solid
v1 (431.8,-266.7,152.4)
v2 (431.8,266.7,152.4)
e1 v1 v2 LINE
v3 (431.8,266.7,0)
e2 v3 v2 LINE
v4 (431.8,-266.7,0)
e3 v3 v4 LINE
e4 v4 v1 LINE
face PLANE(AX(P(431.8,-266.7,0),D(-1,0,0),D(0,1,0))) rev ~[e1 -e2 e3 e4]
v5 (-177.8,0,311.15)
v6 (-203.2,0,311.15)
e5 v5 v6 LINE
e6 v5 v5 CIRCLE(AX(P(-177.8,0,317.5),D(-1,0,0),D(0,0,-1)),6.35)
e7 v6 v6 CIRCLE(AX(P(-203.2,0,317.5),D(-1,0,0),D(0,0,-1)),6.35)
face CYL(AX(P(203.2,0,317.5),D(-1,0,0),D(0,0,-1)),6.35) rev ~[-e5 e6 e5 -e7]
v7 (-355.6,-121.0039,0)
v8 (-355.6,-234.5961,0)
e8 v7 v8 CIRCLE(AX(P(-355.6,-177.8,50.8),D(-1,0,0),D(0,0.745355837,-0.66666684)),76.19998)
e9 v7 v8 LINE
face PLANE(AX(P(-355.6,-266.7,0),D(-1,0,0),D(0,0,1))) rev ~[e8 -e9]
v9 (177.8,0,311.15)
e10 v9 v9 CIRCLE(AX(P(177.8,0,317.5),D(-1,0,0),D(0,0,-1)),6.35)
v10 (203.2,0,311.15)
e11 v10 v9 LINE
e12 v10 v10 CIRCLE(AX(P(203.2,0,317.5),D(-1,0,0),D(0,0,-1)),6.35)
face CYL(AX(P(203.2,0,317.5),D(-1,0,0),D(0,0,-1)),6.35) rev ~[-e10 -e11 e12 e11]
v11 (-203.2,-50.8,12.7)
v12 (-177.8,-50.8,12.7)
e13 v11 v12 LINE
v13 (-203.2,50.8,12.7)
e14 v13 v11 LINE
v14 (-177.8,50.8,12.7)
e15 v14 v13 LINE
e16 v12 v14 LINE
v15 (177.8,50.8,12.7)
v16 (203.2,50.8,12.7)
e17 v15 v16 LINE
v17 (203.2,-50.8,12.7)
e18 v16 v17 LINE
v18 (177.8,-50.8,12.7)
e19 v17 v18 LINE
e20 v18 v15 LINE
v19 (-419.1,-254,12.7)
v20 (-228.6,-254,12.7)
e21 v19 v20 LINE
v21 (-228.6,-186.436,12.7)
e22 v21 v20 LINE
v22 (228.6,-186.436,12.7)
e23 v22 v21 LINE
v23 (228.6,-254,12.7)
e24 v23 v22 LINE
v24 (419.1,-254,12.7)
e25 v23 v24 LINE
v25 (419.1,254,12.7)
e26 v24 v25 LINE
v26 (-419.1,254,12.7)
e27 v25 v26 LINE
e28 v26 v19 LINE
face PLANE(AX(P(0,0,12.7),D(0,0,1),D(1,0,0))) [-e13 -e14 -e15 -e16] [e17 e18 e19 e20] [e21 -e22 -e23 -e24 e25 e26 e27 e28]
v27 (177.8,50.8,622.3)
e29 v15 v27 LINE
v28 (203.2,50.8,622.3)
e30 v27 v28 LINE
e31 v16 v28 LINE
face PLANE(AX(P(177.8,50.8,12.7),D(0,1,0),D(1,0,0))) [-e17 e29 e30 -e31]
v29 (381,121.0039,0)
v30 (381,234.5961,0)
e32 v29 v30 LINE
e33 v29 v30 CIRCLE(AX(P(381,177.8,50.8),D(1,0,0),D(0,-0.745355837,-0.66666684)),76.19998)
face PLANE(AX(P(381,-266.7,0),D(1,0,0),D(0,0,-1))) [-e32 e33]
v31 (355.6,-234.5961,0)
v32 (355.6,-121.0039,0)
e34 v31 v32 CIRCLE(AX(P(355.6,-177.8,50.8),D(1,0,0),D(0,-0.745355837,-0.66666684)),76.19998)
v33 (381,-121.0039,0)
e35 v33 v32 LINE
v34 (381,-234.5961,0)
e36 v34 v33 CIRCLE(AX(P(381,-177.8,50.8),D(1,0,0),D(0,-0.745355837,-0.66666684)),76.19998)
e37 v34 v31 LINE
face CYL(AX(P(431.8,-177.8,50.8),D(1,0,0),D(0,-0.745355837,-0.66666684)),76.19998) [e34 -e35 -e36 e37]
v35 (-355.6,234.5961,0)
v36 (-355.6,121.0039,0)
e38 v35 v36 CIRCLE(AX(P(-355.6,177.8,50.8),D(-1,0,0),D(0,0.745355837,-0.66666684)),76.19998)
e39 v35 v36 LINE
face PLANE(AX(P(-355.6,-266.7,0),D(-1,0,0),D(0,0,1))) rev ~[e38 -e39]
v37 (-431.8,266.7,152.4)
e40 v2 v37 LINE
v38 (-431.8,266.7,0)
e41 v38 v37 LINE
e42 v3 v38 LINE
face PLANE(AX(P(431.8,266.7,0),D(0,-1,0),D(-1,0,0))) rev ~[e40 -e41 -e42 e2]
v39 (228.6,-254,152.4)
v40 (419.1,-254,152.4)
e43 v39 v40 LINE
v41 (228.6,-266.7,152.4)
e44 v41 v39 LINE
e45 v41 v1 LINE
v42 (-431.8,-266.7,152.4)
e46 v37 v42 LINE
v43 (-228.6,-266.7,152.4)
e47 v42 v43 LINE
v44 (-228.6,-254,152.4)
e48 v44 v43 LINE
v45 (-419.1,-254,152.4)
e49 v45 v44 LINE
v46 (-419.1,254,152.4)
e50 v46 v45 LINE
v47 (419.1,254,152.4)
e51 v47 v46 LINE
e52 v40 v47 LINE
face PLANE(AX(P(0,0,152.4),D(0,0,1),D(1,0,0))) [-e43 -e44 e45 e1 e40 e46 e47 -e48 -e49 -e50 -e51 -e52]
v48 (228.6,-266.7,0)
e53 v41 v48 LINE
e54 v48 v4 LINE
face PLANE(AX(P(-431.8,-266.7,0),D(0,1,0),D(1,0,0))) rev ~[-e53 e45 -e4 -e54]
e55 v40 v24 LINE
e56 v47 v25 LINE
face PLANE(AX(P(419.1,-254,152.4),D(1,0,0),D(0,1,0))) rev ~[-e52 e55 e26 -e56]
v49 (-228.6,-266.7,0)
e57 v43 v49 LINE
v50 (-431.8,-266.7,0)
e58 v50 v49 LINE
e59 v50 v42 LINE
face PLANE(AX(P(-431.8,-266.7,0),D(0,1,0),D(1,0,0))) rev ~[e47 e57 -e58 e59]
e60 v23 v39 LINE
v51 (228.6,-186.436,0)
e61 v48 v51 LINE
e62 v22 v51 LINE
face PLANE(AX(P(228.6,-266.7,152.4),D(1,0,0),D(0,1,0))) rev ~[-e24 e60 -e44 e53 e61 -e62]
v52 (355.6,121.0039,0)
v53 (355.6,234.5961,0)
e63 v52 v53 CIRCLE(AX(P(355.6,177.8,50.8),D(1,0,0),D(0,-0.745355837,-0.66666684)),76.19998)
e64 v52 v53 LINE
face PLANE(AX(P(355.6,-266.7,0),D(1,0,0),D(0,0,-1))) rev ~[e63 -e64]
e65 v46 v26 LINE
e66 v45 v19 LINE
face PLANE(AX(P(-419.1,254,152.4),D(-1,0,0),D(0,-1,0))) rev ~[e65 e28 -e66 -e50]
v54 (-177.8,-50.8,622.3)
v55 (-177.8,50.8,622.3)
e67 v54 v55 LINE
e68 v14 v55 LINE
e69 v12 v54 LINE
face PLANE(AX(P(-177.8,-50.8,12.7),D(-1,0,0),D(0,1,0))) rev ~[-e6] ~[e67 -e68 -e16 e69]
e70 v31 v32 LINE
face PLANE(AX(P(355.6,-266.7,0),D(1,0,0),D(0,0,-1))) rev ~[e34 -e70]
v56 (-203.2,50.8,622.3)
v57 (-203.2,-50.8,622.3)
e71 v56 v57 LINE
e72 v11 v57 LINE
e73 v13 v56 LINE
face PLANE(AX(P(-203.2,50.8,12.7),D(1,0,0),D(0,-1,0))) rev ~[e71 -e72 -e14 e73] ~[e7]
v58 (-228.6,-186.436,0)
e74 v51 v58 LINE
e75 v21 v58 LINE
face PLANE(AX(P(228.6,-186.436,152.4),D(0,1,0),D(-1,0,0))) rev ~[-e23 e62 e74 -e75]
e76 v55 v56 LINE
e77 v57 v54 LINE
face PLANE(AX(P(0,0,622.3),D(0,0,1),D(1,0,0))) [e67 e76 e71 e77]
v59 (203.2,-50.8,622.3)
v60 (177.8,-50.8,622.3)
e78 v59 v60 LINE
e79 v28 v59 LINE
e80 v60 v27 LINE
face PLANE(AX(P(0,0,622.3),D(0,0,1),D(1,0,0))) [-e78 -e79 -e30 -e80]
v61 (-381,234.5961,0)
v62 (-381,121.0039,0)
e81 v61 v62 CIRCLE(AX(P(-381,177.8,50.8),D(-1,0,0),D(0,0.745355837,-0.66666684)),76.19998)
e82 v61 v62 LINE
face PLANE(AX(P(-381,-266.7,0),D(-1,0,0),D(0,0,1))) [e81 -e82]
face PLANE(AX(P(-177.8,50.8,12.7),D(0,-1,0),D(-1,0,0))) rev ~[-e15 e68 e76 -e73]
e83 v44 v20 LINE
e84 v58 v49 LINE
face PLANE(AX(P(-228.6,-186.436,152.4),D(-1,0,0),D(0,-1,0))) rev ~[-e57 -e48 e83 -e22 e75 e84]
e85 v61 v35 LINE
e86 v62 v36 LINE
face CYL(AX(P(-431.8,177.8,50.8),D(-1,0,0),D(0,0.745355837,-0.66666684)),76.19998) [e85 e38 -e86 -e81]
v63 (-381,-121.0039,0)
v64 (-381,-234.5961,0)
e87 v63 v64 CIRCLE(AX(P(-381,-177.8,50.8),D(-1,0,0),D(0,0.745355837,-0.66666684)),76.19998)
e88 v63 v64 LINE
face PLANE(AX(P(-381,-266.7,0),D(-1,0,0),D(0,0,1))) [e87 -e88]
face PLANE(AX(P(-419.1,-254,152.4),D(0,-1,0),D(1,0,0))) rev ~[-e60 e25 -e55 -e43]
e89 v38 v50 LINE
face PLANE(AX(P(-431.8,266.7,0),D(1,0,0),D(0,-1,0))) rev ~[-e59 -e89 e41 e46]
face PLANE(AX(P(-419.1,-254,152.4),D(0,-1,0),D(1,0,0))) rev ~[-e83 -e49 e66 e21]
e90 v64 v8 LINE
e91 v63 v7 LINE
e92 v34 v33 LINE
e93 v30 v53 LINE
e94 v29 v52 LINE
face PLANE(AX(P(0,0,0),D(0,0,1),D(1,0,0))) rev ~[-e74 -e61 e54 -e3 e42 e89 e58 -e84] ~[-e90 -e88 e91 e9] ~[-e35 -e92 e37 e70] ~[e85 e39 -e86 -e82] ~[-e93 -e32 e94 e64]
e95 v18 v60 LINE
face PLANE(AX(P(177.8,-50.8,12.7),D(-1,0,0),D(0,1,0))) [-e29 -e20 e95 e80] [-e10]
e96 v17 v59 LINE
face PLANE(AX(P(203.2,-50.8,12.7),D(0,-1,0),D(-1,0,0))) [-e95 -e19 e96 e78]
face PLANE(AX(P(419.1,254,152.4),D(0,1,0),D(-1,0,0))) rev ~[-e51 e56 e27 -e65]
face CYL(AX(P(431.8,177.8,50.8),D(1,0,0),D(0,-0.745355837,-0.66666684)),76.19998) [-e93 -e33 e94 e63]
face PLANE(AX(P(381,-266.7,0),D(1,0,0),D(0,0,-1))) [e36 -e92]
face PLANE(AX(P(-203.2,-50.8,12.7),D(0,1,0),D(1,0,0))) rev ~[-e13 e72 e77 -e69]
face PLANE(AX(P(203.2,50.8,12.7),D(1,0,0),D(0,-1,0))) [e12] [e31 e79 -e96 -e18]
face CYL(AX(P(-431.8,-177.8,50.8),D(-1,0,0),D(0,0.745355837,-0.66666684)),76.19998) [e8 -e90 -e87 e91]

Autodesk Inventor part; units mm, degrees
ref_plane "YZ Plane" through (0, 0, 0) normal (1, 0, 0) x (0, 1, 0)
ref_plane "XZ Plane" through (0, 0, 0) normal (0, 1, 0) x (-1, 0, 0)
ref_plane "XY Plane" through (0, 0, 0) normal (0, 0, 1) x (1, 0, 0)
sketch "Sketch1" plane through (0, 0, 0) normal (0, 0, 1) x (1, 0, 0)
  line L0 (-431.8, -266.7) -> (431.8, -266.7)
  line L1 (431.8, -266.7) -> (431.8, 266.7)
  line L2 (431.8, 266.7) -> (-431.8, 266.7)
  line L3 (-431.8, 266.7) -> (-431.8, -266.7)
  line L4 (-431.8, -266.7) -> (431.8, 266.7) construction
  line L5 (431.8, -266.7) -> (-431.8, 266.7) construction
  point P0 (0, 0)
  dimension "d0" = 863.6
  dimension "d1" = 533.4
extrude "Extrusion1" add sketch "Sketch1" along normal blind 152.4
sketch "Sketch2" plane through (431.8, -266.7, 0) normal (1, 0, 0) x (0, 0, -1)
  line L0 (0, 0) -> (0, 533.4) projected
  line L1 (0, 0) -> (-152.4, 0) projected
  arc A0 (0, 387.7039) -> (0, 501.2961) centre (-50.8, 444.5) ccw
  line L2 (0, 266.7) -> (-335.0591, 266.7) construction
  line L3 (0, 501.2961) -> (0, 387.7039)
  arc A1 (0, 32.1039) -> (0, 145.6961) centre (-50.8, 88.9) ccw
  line L4 (0, 32.1039) -> (0, 145.6961)
extrude "Extrusion2" add sketch "Sketch2" against normal blind 76.2
extrude "Extrusion3" cut sketch "Sketch2" against normal blind 50.8
sketch "Sketch3" plane through (-431.8, -266.7, 0) normal (-1, 0, 0) x (0, 0, 1)
  line L0 (0, 501.2961) -> (0, 387.7039) projected
  arc A0 (0, 501.2961) -> (0, 387.7039) centre (50.8, 444.5) ccw projected
  line L1 (0, 145.6961) -> (0, 32.1039) projected
  arc A1 (0, 145.6961) -> (0, 32.1039) centre (50.8, 88.9) ccw projected
  point P0 (0, 266.7)
extrude "Extrusion4" add sketch "Sketch3" against normal blind 76.2
extrude "Extrusion5" cut sketch "Sketch3" against normal blind 50.8
sketch "Sketch4" plane through (0, 0, 152.4) normal (0, 0, 1) x (1, 0, 0)
  line L0 (-419.1, -254) -> (419.1, -254)
  line L1 (419.1, -254) -> (419.1, 254)
  line L2 (419.1, 254) -> (-419.1, 254)
  line L3 (-419.1, 254) -> (-419.1, -254)
  line L4 (-419.1, -254) -> (419.1, 254) construction
  line L5 (419.1, -254) -> (-419.1, 254) construction
  point P0 (0, 0)
  dimension "d14" = 838.2
  dimension "d15" = 508
extrude "Extrusion6" cut sketch "Sketch4" against normal blind 139.7
sketch "Sketch5" plane through (0, 0, 12.7) normal (0, 0, 1) x (1, 0, 0)
  line L0 (203.2, -50.8) -> (177.8, -50.8)
  line L1 (177.8, -50.8) -> (177.8, 50.8)
  line L2 (177.8, 50.8) -> (203.2, 50.8)
  line L3 (203.2, 50.8) -> (203.2, -50.8)
  line L4 (203.2, -50.8) -> (177.8, 50.8) construction
  line L5 (177.8, -50.8) -> (203.2, 50.8) construction
  line L6 (-203.2, -50.8) -> (-177.8, -50.8)
  line L7 (-177.8, -50.8) -> (-177.8, 50.8)
  line L8 (-177.8, 50.8) -> (-203.2, 50.8)
  line L9 (-203.2, 50.8) -> (-203.2, -50.8)
  point P0 (0, 0)
  dimension "d19" = 25.4
  dimension "d20" = 101.6
extrude "Extrusion7" add sketch "Sketch5" along normal blind 609.6
sketch "Sketch6" plane through (203.2, -50.8, 12.7) normal (1, 0, 0) x (0, 0, -1)
  line L0 (-609.6, 0) -> (-609.6, 101.6) projected
  line L1 (0, 0) -> (-609.6, 0) projected
  line L2 (-609.6, 50.8) -> (-304.8, 50.8)
  point P0 (12.7, 50.8)
  dimension "d23" = 304.8
hole "Hole1" at (203.2, 0, 317.5) direction (-1, 0, 0) diameter 12.7 end through all
sketch "Sketch7" plane through (0, 0, 152.4) normal (0, 0, 1) x (1, 0, 0)
  line L0 (-431.8, -266.7) -> (431.8, -266.7) projected
  line L1 (0, -266.7) -> (228.6, -266.7)
  line L2 (228.6, -266.7) -> (228.6, -186.436)
  line L3 (228.6, -186.436) -> (-228.6, -186.436)
  line L4 (-228.6, -186.436) -> (-228.6, -266.7)
  line L5 (0, -266.7) -> (-228.6, -266.7)
  point P0 (0, 0)
  dimension "d31" = 228.6
  dimension "d32" = 80.264
  dimension "d33" = 457.2
extrude "Extrusion8" cut sketch "Sketch7" against normal through all
properties part number "Base"
